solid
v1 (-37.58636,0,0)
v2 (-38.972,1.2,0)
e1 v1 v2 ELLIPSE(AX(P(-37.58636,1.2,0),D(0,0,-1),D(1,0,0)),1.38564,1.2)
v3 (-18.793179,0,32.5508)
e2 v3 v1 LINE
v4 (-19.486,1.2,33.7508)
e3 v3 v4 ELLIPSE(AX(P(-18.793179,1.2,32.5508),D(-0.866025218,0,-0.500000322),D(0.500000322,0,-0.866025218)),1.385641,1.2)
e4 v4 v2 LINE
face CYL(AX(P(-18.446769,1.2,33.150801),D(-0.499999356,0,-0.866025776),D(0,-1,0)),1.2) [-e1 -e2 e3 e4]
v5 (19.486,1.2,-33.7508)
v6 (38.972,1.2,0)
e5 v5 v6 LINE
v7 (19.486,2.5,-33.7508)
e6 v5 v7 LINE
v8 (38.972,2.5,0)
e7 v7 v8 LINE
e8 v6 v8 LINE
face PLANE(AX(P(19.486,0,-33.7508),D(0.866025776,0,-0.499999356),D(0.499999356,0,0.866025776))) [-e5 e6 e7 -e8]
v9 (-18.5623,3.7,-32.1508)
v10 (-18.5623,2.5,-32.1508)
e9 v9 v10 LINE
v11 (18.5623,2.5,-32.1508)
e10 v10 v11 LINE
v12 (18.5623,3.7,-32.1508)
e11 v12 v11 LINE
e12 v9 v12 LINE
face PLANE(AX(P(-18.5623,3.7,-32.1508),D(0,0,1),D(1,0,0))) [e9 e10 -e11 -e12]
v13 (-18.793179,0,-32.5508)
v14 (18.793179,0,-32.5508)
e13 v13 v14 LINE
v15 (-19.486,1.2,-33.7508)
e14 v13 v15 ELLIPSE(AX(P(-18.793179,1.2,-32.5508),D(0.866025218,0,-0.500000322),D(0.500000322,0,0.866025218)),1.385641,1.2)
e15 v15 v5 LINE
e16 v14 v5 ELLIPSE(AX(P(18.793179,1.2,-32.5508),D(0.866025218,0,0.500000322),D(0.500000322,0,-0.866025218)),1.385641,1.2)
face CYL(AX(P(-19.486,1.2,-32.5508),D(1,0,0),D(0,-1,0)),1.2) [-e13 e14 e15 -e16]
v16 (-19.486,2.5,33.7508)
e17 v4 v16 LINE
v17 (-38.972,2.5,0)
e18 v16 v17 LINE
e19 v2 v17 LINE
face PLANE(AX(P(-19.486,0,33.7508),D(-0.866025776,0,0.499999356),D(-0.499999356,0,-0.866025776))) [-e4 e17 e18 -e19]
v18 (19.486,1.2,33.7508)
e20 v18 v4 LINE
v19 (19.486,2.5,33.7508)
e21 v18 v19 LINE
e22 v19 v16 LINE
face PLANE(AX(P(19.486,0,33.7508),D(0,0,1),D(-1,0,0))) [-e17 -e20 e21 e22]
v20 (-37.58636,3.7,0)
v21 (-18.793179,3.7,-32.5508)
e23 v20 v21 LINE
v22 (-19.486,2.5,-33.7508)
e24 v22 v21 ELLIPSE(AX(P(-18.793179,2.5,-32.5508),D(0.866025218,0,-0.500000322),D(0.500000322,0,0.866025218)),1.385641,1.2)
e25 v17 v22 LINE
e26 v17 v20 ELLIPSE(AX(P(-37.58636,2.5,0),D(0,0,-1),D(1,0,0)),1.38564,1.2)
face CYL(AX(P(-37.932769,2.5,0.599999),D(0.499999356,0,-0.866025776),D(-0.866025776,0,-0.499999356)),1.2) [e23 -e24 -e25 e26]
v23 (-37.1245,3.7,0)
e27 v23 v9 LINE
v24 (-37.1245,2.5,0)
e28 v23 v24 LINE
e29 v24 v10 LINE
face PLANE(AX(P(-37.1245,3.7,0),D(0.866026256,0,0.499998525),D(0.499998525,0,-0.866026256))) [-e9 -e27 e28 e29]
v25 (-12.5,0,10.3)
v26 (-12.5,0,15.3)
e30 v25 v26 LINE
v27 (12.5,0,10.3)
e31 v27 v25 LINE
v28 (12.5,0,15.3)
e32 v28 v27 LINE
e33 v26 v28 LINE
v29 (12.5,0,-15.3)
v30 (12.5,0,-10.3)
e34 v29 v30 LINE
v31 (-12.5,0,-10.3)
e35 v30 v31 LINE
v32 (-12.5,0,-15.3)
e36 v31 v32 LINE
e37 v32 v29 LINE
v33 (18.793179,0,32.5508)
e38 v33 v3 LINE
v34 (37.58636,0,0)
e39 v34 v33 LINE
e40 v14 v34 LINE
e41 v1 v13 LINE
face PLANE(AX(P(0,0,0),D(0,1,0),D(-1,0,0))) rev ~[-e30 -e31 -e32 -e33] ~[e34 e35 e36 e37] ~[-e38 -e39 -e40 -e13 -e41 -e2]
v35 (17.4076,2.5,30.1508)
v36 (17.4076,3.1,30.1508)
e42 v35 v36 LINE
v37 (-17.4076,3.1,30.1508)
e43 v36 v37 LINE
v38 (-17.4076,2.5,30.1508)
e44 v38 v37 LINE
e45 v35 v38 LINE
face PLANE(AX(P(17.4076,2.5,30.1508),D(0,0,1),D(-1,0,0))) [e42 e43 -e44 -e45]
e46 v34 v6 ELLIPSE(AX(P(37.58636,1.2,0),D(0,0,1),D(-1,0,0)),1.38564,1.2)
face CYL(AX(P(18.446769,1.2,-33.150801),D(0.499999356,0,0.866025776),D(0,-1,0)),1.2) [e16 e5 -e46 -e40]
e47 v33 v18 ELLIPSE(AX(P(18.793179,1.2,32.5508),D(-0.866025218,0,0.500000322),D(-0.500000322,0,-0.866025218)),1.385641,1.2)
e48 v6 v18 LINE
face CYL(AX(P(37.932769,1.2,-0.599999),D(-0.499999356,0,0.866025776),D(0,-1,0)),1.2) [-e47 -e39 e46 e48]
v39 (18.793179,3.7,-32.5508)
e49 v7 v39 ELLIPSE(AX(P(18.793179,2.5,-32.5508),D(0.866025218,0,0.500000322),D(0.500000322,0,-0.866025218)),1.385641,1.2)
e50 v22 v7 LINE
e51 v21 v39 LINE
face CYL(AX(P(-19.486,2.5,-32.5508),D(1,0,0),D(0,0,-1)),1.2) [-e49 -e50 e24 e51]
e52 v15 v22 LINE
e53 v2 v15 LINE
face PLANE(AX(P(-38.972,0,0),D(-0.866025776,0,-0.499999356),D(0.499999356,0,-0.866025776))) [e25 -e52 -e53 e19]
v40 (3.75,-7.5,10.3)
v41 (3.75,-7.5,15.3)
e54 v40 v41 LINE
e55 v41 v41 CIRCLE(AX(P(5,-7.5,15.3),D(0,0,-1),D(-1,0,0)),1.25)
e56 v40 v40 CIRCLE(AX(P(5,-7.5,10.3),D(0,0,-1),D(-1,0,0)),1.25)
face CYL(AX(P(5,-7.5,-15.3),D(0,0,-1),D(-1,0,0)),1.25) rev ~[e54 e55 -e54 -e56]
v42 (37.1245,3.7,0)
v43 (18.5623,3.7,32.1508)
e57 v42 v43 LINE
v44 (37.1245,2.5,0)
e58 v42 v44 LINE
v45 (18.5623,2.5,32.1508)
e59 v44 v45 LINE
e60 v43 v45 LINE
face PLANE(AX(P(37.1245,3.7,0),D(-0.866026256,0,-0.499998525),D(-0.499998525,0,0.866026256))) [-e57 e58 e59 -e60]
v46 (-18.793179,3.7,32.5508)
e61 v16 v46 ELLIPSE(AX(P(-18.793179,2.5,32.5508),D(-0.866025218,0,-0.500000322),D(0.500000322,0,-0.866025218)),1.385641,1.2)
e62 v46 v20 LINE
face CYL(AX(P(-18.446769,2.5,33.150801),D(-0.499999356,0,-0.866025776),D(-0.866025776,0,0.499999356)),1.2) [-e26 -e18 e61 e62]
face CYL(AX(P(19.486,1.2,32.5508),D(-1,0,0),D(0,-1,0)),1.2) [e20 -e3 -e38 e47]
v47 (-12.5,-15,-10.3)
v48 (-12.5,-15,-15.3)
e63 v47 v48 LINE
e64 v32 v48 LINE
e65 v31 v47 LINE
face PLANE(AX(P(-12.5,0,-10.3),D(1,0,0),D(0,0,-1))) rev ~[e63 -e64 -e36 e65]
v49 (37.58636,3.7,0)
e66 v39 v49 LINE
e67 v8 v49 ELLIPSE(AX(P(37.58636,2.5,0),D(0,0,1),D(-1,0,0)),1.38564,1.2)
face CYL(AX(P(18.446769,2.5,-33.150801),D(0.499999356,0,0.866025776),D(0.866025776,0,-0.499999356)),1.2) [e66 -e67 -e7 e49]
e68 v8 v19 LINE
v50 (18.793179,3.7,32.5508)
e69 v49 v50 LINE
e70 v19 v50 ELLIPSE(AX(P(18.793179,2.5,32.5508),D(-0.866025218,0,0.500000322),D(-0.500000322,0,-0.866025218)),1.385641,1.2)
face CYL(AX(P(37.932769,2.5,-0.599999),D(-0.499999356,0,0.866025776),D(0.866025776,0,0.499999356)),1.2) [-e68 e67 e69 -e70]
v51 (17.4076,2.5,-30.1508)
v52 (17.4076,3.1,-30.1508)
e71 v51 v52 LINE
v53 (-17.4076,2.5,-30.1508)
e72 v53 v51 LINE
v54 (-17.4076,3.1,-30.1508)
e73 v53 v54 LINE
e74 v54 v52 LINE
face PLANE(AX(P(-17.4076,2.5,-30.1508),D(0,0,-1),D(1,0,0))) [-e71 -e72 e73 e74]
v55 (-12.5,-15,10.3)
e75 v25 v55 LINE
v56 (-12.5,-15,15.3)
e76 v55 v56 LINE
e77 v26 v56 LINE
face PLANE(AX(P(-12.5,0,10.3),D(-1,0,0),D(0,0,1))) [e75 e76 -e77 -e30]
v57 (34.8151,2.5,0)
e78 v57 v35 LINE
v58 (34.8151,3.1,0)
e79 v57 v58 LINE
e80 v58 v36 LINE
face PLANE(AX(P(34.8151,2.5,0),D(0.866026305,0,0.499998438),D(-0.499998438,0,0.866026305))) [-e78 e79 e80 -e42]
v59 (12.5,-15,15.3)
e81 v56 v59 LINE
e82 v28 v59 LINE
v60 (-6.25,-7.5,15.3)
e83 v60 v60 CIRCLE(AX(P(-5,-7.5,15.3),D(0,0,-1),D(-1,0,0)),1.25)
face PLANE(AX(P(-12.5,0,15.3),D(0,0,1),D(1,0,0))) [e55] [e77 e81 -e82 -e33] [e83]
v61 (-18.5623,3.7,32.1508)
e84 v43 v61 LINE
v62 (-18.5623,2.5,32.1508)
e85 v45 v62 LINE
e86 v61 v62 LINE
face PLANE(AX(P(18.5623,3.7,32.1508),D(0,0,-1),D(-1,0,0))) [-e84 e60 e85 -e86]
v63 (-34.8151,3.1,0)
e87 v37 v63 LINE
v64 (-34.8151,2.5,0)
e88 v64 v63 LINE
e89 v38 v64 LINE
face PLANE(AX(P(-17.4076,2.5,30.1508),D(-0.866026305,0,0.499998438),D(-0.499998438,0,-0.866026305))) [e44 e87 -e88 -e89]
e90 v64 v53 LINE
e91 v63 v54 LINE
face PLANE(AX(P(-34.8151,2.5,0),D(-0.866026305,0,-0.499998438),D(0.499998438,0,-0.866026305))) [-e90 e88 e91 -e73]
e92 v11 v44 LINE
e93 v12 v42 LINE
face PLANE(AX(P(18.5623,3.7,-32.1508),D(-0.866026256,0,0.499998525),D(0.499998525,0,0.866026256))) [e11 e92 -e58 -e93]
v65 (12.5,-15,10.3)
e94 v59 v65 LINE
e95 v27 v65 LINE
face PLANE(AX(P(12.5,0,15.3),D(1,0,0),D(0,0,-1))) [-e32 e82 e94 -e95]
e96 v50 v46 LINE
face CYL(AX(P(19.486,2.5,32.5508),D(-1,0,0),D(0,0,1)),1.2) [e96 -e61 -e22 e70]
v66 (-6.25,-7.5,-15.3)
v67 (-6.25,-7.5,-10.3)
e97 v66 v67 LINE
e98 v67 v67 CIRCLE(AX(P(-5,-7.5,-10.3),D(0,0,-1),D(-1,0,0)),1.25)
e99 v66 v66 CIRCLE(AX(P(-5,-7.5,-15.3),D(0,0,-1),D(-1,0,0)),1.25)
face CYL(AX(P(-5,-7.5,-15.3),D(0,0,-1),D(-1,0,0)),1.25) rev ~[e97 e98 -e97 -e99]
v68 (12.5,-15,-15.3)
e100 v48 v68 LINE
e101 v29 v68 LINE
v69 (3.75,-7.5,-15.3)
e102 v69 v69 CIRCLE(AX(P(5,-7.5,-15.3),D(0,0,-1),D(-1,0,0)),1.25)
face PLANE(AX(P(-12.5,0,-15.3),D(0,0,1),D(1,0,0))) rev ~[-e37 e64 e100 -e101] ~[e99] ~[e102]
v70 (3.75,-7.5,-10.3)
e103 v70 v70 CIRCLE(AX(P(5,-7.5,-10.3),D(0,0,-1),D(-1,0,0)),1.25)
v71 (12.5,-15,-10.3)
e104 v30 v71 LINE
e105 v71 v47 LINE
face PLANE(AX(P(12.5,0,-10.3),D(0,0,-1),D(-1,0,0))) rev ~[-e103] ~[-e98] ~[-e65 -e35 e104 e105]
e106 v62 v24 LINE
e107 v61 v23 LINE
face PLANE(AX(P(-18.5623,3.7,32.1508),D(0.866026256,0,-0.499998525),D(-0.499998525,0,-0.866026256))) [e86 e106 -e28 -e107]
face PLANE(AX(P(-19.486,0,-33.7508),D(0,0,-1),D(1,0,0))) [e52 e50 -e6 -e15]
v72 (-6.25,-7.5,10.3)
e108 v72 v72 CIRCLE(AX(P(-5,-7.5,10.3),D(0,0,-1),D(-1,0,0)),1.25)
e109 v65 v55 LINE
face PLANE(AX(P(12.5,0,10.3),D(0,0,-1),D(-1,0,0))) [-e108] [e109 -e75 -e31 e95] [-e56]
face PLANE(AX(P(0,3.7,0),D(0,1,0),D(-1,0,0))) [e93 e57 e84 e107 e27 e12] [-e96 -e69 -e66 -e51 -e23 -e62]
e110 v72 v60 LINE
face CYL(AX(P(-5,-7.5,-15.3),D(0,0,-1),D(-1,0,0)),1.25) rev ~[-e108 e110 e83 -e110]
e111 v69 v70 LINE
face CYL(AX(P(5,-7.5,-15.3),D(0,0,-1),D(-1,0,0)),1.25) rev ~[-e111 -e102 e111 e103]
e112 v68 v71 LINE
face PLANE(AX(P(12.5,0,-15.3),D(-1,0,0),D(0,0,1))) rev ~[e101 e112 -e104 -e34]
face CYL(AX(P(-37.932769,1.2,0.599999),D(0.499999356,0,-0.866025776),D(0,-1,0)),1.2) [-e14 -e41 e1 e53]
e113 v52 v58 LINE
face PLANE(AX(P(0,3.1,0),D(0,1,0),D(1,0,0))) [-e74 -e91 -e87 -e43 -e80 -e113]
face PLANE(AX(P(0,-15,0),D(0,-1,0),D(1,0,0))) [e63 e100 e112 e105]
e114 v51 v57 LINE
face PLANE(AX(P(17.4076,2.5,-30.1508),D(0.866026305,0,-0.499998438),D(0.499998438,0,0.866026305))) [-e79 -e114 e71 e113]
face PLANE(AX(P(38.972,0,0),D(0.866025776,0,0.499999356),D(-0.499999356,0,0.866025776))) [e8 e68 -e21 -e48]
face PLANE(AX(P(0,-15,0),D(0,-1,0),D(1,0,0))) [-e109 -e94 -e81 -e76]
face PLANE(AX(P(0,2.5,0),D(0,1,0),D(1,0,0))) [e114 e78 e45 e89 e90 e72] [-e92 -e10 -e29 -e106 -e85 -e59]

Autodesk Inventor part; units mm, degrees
ref_plane "YZ Plane" through (0, 0, 0) normal (1, 0, 0) x (0, 1, 0)
ref_plane "XZ Plane" through (0, 0, 0) normal (0, 1, 0) x (-1, 0, 0)
ref_plane "XY Plane" through (0, 0, 0) normal (0, 0, 1) x (1, 0, 0)
sketch "스케치1" plane through (0, 0, 0) normal (0, 1, 0) x (-1, 0, 0)
  line L0 (17.6385, -30.5508) -> (-17.6385, -30.5508)
  line L1 (-17.6385, -30.5508) -> (-35.277, 0)
  line L2 (-35.277, 0) -> (-17.6385, 30.5508)
  line L3 (-17.6385, 30.5508) -> (17.6385, 30.5508)
  line L4 (17.6385, 30.5508) -> (35.277, 0)
  line L5 (35.277, 0) -> (17.6385, -30.5508)
  line L6 (19.486, -33.7508) -> (-19.486, -33.7508)
  line L7 (-19.486, -33.7508) -> (-38.972, 0)
  line L8 (-38.972, 0) -> (-19.486, 33.7508)
  line L9 (-19.486, 33.7508) -> (19.486, 33.7508)
  line L10 (19.486, 33.7508) -> (38.972, 0)
  line L11 (38.972, 0) -> (19.486, -33.7508)
  point P0 (0, 0)
  point P1 (0, 0)
  point P2 (0, 0)
  dimension "d0" = 70.554
  dimension "d1" = 3.2
extrude "돌출1" add sketch "스케치1" along normal blind 3.7 contours L0 L1 L2 L3 L4 L5 | L6 L7 L8 L9 L10 L11
sketch "스케치2" plane through (0, 3.7, 0) normal (0, 1, 0) x (1, 0, 0)
  line L0 (-18.5623, 32.1508) -> (18.5623, 32.1508)
  line L1 (18.5623, 32.1508) -> (37.1245, 0)
  line L2 (37.1245, 0) -> (18.5623, -32.1508)
  line L3 (18.5623, -32.1508) -> (-18.5623, -32.1508)
  line L4 (-18.5623, -32.1508) -> (-37.1245, 0)
  line L5 (-37.1245, 0) -> (-18.5623, 32.1508)
  line L6 (-19.486, 33.7508) -> (-38.972, 0) projected
  point P0 (0, 0)
  point P1 (0, 0)
  dimension "d4" = 1.6
extrude "돌출2" cut sketch "스케치2" against normal blind 1.2
sketch "스케치3" plane through (0, 2.5, 0) normal (0, 1, 0) x (1, 0, 0)
  line L0 (17.4076, -30.1508) -> (-17.4076, -30.1508)
  line L1 (-17.4076, -30.1508) -> (-34.8151, 0)
  line L2 (-34.8151, 0) -> (-17.4076, 30.1508)
  line L3 (-17.4076, 30.1508) -> (17.4076, 30.1508)
  line L4 (17.4076, 30.1508) -> (34.8151, 0)
  line L5 (34.8151, 0) -> (17.4076, -30.1508)
  line L6 (-18.5623, 32.1508) -> (18.5623, 32.1508) projected
  point P0 (0, 0)
  point P1 (0, 0)
  dimension "d7" = 2
extrude "돌출3" add sketch "스케치3" along normal blind 0.6
fillet "모깎기1" radius 1.2 12 edges at (0, 3.7, -33.7508) (0, 0, -33.7508) (-29.229, 3.7, -16.8754) (-29.229, 0, -16.8754) (-29.229, 3.7, 16.8754) (-29.229, 0, 16.8754) (0, 0, 33.7508) (0, 3.7, 33.7508) (29.229, 0, 16.8754) (29.229, 3.7, 16.8754) (29.229, 3.7, -16.8754) (29.229, 0, -16.8754)
sketch "스케치10" plane through (0, 0, 0) normal (0, -1, 0) x (1, 0, 0)
  line L0 (-12.5, 15.3) -> (12.5, 15.3)
  line L1 (12.5, 15.3) -> (12.5, 10.3)
  line L2 (12.5, 10.3) -> (-12.5, 10.3)
  line L3 (-12.5, 10.3) -> (-12.5, 15.3)
  line L4 (-12.5, 15.3) -> (12.5, 10.3) construction
  line L5 (12.5, 15.3) -> (-12.5, 10.3) construction
  line L6 (0, 0) -> (7.4968, 0)
  line L7 (-12.5, -15.3) -> (12.5, -15.3)
  line L8 (12.5, -15.3) -> (12.5, -10.3)
  line L9 (12.5, -10.3) -> (-12.5, -10.3)
  line L10 (-12.5, -10.3) -> (-12.5, -15.3)
  line L11 (-12.5, -15.3) -> (12.5, -10.3) construction
  line L12 (12.5, -15.3) -> (-12.5, -10.3) construction
  point P0 (0, 12.8)
  point P1 (0, -12.8)
  dimension "d51" = 25
  dimension "d52" = 5
  dimension "d53" = 10.3
extrude "돌출7" add sketch "스케치10" along normal blind 15
sketch "스케치11" plane through (12.5, 0, -15.3) normal (0, 0, -1) x (-1, 0, 0)
  circle A0 centre (7.5, -7.5) radius 1.25
  line L0 (-6.2932, 0) -> (31.2932, 0) projected
  line L1 (12.5, 0) -> (12.5, -3.2028)
  circle A1 centre (17.5, -7.5) radius 1.25
  point P0 (12.5, 0)
  dimension "d56" = 2.5
  dimension "d57" = 7.5
  dimension "d58" = 5
extrude "돌출8" cut sketch "스케치11" against normal up to surface (30.6 mm away)
properties part number "OV-PAM_n_6_bottom"
